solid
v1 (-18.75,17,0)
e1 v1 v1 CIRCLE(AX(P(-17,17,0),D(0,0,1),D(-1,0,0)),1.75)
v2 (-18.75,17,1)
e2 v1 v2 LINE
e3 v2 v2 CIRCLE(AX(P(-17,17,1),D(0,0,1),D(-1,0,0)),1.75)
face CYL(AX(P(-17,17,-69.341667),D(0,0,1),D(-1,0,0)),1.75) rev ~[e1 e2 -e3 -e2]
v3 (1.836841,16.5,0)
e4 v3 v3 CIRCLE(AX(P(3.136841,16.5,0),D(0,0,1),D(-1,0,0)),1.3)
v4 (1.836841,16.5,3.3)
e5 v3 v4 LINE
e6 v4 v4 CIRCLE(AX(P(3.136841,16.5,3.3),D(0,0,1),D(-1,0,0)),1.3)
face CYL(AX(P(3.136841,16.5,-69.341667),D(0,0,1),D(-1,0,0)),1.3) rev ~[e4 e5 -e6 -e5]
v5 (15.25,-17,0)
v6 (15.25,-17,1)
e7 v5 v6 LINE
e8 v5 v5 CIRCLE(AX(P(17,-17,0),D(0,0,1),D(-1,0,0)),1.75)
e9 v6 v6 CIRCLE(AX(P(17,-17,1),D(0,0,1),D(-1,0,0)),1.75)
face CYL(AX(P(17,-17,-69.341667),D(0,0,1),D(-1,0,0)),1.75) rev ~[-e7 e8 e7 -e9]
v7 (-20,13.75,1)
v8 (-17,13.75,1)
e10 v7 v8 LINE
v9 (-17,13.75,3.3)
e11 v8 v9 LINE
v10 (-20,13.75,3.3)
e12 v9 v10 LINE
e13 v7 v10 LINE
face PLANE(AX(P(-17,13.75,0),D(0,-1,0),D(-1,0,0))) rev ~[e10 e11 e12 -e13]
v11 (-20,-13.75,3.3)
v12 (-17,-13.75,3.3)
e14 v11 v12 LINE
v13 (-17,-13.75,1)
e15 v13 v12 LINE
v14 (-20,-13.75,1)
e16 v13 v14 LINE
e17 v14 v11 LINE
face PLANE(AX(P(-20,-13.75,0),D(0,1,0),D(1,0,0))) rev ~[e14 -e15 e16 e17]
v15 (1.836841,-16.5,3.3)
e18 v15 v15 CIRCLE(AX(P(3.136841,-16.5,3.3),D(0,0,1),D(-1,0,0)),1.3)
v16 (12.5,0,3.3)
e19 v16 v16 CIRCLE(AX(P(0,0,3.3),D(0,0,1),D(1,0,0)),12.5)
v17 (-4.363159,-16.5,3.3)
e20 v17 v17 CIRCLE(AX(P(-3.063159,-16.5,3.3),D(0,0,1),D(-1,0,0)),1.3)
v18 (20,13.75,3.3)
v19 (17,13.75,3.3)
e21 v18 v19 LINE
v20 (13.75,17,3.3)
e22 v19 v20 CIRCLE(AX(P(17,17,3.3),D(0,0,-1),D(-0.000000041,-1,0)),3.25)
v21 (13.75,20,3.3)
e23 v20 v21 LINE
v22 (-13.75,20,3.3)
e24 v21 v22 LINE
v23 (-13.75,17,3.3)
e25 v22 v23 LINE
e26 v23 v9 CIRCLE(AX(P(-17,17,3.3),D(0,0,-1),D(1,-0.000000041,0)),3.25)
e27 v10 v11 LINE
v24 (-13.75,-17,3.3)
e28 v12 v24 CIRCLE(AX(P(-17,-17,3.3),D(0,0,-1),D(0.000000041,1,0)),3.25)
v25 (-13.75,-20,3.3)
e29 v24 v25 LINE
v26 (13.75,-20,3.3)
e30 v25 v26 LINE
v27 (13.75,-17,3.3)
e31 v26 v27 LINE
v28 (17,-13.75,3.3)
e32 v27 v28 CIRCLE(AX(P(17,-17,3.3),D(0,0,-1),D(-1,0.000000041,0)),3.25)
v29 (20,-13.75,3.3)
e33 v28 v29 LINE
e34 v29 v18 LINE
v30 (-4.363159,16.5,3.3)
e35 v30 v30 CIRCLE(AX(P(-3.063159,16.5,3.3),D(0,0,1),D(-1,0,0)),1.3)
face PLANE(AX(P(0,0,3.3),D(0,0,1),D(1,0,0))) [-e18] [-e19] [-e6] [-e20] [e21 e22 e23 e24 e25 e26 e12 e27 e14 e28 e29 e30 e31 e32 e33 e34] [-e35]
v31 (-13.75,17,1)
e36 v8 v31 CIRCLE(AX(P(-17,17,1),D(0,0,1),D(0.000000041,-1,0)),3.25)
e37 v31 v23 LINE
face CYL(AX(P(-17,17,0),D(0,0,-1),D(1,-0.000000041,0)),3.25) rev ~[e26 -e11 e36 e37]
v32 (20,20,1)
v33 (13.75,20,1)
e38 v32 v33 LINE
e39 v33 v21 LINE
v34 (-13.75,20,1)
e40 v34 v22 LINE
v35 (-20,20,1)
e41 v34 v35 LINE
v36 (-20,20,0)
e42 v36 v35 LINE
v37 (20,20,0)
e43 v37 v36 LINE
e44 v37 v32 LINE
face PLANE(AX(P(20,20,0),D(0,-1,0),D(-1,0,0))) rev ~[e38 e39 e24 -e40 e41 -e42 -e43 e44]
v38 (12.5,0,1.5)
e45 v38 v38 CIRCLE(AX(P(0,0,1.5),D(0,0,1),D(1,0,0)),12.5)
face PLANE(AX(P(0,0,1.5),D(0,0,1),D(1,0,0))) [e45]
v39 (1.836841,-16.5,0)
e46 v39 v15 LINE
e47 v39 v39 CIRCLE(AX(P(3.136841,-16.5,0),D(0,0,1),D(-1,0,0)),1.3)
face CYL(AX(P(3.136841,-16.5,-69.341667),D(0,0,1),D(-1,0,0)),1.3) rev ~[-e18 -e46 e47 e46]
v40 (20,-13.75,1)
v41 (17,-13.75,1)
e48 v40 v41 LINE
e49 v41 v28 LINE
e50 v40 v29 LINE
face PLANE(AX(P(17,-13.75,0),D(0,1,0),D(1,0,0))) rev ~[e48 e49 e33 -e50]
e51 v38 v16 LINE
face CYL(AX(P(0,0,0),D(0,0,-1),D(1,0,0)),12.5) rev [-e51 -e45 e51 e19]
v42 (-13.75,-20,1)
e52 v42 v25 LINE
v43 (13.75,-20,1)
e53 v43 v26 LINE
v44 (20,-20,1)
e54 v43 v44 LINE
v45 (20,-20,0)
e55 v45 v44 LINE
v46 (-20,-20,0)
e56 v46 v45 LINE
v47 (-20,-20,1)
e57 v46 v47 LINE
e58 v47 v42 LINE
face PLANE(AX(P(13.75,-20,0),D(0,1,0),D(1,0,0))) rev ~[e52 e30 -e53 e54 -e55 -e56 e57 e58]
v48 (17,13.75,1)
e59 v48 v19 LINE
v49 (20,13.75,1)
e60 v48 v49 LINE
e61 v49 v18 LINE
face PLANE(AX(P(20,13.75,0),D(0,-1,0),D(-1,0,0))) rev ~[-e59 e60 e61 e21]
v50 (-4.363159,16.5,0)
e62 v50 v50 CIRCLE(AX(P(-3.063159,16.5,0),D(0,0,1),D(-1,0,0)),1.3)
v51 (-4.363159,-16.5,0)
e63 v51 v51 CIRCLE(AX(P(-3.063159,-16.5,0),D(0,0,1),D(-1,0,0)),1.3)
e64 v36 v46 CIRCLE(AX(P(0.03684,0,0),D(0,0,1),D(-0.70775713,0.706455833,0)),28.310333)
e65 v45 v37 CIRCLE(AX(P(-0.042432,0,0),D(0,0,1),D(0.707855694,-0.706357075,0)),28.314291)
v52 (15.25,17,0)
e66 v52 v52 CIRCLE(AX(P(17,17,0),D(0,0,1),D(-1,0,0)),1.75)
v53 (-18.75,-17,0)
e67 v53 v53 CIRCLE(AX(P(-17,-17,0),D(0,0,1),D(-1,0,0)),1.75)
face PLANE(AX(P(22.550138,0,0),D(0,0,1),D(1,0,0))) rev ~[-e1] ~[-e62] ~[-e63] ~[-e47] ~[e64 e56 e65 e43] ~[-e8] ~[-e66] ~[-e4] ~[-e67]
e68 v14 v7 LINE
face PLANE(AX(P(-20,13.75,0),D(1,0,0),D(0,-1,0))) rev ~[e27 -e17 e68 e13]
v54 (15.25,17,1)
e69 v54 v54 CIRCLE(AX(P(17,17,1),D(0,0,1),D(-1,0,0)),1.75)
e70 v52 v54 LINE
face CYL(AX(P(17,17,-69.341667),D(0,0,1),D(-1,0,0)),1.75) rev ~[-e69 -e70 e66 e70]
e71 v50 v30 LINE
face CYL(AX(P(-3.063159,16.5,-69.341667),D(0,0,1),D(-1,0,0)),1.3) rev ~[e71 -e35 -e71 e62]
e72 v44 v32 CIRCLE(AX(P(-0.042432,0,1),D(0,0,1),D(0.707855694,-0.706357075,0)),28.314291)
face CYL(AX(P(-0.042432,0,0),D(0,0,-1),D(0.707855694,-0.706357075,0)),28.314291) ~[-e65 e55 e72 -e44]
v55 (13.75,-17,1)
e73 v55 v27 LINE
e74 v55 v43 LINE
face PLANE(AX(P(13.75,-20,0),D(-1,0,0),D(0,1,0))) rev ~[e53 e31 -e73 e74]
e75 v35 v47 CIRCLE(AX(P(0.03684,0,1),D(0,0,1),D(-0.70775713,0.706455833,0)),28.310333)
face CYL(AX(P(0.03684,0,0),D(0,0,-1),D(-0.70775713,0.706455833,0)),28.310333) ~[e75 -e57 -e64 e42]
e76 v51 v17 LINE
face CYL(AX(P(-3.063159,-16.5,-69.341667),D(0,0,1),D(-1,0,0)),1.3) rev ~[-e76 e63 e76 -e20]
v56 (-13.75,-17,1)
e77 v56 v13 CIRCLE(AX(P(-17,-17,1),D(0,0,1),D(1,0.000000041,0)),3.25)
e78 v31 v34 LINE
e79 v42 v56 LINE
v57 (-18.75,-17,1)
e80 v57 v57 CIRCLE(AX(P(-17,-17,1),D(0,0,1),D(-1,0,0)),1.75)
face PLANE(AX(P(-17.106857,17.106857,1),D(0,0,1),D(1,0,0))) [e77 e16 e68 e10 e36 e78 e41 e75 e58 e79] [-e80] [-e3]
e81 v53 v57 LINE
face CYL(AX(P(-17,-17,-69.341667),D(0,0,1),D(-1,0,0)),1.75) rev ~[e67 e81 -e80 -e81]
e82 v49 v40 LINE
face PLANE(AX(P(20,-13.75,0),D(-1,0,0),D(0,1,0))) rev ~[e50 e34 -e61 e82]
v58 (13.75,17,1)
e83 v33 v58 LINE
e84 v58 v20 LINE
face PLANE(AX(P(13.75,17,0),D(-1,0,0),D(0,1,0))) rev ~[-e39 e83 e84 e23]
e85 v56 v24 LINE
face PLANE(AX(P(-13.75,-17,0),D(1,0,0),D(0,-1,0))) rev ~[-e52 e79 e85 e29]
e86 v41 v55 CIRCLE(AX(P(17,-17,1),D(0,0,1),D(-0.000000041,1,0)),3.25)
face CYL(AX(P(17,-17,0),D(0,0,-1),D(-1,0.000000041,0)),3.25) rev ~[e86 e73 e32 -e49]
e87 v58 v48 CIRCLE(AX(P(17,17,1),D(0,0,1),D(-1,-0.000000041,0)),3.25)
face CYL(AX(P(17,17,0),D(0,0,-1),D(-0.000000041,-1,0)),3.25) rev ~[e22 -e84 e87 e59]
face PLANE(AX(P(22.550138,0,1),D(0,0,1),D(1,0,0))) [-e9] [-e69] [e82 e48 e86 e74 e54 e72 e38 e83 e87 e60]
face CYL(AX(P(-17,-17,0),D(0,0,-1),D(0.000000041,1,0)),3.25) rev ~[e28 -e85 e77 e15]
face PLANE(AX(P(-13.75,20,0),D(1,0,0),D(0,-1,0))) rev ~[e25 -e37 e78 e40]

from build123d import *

# Parameters (mm, degrees)
F0_R     = 12.5
F1_DEPTH = 3.3
F2_DEPTH = 1.5
F3_DEPTH = 1
F4_D     = 3.5
F5_D     = 2.6


with BuildPart() as f1:
    # F0 (on Top) → F1 (new body)
    with BuildSketch(Plane.XY):
        with BuildLine():
            Line((-13.75, -20), (13.75, -20))
            Line((13.75, -20), (13.75, -17))
            ThreePointArc((13.75, -17), (14.701903, -14.701903), (17, -13.75))
            Line((17, -13.75), (20, -13.75))
            Line((20, -13.75), (20, 13.75))
            Line((20, 13.75), (17, 13.75))
            ThreePointArc((17, 13.75), (14.701903, 14.701903), (13.75, 17))
            Line((13.75, 17), (13.75, 20))
            Line((13.75, 20), (-13.75, 20))
            Line((-13.75, 20), (-13.75, 17))
            ThreePointArc((-13.75, 17), (-14.701903, 14.701903), (-17, 13.75))
            Line((-17, 13.75), (-20, 13.75))
            Line((-20, 13.75), (-20, -13.75))
            Line((-20, -13.75), (-17, -13.75))
            ThreePointArc((-17, -13.75), (-14.701903, -14.701903), (-13.75, -17))
            Line((-13.75, -17), (-13.75, -20))
        make_face()
        Circle(F0_R, mode=Mode.SUBTRACT)
    extrude(amount=F1_DEPTH)

    # F0 (on Top) → F2 (join)
    with BuildSketch(Plane.XY):
        Circle(F0_R)
    extrude(amount=F2_DEPTH)

    # F0 (on Top) → F3 (join)
    with BuildSketch(Plane.XY):
        with BuildLine():
            Line((20, -13.75), (20, -20))
            ThreePointArc((20, -20), (28.271859, 0), (20, 20))
            Line((20, 20), (20, 13.75))
            Line((20, 13.75), (20, -13.75))
        make_face()
        with BuildLine():
            Line((20, 13.75), (20, 20))
            Line((20, 20), (13.75, 20))
            Line((13.75, 20), (13.75, 17))
            ThreePointArc((13.75, 17), (14.701903, 14.701903), (17, 13.75))
            Line((17, 13.75), (20, 13.75))
        make_face()
        with BuildLine():
            Line((13.75, -20), (20, -20))
            Line((20, -20), (20, -13.75))
            Line((20, -13.75), (17, -13.75))
            ThreePointArc((17, -13.75), (14.701903, -14.701903), (13.75, -17))
            Line((13.75, -17), (13.75, -20))
        make_face()
        with BuildLine():
            Line((-13.75, 17), (-13.75, 20))
            Line((-13.75, 20), (-20, 20))
            Line((-20, 20), (-20, 13.75))
            Line((-20, 13.75), (-17, 13.75))
            ThreePointArc((-17, 13.75), (-14.701903, 14.701903), (-13.75, 17))
        make_face()
        with BuildLine():
            ThreePointArc((-20, 20), (-28.273493, 0), (-20, -20))
            Line((-20, -20), (-20, -13.75))
            Line((-20, -13.75), (-20, 13.75))
            Line((-20, 13.75), (-20, 20))
        make_face()
        with BuildLine():
            Line((-20, -20), (-13.75, -20))
            Line((-13.75, -20), (-13.75, -17))
            ThreePointArc((-13.75, -17), (-14.701903, -14.701903), (-17, -13.75))
            Line((-17, -13.75), (-20, -13.75))
            Line((-20, -13.75), (-20, -20))
        make_face()
    extrude(amount=F3_DEPTH)

    # F4 (through all)
    with Locations(Plane(origin=(0, 0, 0), x_dir=(1, 0, 0), z_dir=(0, 0, -1))):
        with Locations((17, 17), (-17, 17), (-17, -17), (17, -17)):
            Hole(F4_D / 2)

    # F5 (through all)
    with Locations(Plane(origin=(0, 0, 0), x_dir=(1, 0, 0), z_dir=(0, 0, -1))):
        with Locations((-3.063159, 16.5), (3.136841, 16.5), (3.136841, -16.5), (-3.063159, -16.5)):
            Hole(F5_D / 2)


solid = f1.part
